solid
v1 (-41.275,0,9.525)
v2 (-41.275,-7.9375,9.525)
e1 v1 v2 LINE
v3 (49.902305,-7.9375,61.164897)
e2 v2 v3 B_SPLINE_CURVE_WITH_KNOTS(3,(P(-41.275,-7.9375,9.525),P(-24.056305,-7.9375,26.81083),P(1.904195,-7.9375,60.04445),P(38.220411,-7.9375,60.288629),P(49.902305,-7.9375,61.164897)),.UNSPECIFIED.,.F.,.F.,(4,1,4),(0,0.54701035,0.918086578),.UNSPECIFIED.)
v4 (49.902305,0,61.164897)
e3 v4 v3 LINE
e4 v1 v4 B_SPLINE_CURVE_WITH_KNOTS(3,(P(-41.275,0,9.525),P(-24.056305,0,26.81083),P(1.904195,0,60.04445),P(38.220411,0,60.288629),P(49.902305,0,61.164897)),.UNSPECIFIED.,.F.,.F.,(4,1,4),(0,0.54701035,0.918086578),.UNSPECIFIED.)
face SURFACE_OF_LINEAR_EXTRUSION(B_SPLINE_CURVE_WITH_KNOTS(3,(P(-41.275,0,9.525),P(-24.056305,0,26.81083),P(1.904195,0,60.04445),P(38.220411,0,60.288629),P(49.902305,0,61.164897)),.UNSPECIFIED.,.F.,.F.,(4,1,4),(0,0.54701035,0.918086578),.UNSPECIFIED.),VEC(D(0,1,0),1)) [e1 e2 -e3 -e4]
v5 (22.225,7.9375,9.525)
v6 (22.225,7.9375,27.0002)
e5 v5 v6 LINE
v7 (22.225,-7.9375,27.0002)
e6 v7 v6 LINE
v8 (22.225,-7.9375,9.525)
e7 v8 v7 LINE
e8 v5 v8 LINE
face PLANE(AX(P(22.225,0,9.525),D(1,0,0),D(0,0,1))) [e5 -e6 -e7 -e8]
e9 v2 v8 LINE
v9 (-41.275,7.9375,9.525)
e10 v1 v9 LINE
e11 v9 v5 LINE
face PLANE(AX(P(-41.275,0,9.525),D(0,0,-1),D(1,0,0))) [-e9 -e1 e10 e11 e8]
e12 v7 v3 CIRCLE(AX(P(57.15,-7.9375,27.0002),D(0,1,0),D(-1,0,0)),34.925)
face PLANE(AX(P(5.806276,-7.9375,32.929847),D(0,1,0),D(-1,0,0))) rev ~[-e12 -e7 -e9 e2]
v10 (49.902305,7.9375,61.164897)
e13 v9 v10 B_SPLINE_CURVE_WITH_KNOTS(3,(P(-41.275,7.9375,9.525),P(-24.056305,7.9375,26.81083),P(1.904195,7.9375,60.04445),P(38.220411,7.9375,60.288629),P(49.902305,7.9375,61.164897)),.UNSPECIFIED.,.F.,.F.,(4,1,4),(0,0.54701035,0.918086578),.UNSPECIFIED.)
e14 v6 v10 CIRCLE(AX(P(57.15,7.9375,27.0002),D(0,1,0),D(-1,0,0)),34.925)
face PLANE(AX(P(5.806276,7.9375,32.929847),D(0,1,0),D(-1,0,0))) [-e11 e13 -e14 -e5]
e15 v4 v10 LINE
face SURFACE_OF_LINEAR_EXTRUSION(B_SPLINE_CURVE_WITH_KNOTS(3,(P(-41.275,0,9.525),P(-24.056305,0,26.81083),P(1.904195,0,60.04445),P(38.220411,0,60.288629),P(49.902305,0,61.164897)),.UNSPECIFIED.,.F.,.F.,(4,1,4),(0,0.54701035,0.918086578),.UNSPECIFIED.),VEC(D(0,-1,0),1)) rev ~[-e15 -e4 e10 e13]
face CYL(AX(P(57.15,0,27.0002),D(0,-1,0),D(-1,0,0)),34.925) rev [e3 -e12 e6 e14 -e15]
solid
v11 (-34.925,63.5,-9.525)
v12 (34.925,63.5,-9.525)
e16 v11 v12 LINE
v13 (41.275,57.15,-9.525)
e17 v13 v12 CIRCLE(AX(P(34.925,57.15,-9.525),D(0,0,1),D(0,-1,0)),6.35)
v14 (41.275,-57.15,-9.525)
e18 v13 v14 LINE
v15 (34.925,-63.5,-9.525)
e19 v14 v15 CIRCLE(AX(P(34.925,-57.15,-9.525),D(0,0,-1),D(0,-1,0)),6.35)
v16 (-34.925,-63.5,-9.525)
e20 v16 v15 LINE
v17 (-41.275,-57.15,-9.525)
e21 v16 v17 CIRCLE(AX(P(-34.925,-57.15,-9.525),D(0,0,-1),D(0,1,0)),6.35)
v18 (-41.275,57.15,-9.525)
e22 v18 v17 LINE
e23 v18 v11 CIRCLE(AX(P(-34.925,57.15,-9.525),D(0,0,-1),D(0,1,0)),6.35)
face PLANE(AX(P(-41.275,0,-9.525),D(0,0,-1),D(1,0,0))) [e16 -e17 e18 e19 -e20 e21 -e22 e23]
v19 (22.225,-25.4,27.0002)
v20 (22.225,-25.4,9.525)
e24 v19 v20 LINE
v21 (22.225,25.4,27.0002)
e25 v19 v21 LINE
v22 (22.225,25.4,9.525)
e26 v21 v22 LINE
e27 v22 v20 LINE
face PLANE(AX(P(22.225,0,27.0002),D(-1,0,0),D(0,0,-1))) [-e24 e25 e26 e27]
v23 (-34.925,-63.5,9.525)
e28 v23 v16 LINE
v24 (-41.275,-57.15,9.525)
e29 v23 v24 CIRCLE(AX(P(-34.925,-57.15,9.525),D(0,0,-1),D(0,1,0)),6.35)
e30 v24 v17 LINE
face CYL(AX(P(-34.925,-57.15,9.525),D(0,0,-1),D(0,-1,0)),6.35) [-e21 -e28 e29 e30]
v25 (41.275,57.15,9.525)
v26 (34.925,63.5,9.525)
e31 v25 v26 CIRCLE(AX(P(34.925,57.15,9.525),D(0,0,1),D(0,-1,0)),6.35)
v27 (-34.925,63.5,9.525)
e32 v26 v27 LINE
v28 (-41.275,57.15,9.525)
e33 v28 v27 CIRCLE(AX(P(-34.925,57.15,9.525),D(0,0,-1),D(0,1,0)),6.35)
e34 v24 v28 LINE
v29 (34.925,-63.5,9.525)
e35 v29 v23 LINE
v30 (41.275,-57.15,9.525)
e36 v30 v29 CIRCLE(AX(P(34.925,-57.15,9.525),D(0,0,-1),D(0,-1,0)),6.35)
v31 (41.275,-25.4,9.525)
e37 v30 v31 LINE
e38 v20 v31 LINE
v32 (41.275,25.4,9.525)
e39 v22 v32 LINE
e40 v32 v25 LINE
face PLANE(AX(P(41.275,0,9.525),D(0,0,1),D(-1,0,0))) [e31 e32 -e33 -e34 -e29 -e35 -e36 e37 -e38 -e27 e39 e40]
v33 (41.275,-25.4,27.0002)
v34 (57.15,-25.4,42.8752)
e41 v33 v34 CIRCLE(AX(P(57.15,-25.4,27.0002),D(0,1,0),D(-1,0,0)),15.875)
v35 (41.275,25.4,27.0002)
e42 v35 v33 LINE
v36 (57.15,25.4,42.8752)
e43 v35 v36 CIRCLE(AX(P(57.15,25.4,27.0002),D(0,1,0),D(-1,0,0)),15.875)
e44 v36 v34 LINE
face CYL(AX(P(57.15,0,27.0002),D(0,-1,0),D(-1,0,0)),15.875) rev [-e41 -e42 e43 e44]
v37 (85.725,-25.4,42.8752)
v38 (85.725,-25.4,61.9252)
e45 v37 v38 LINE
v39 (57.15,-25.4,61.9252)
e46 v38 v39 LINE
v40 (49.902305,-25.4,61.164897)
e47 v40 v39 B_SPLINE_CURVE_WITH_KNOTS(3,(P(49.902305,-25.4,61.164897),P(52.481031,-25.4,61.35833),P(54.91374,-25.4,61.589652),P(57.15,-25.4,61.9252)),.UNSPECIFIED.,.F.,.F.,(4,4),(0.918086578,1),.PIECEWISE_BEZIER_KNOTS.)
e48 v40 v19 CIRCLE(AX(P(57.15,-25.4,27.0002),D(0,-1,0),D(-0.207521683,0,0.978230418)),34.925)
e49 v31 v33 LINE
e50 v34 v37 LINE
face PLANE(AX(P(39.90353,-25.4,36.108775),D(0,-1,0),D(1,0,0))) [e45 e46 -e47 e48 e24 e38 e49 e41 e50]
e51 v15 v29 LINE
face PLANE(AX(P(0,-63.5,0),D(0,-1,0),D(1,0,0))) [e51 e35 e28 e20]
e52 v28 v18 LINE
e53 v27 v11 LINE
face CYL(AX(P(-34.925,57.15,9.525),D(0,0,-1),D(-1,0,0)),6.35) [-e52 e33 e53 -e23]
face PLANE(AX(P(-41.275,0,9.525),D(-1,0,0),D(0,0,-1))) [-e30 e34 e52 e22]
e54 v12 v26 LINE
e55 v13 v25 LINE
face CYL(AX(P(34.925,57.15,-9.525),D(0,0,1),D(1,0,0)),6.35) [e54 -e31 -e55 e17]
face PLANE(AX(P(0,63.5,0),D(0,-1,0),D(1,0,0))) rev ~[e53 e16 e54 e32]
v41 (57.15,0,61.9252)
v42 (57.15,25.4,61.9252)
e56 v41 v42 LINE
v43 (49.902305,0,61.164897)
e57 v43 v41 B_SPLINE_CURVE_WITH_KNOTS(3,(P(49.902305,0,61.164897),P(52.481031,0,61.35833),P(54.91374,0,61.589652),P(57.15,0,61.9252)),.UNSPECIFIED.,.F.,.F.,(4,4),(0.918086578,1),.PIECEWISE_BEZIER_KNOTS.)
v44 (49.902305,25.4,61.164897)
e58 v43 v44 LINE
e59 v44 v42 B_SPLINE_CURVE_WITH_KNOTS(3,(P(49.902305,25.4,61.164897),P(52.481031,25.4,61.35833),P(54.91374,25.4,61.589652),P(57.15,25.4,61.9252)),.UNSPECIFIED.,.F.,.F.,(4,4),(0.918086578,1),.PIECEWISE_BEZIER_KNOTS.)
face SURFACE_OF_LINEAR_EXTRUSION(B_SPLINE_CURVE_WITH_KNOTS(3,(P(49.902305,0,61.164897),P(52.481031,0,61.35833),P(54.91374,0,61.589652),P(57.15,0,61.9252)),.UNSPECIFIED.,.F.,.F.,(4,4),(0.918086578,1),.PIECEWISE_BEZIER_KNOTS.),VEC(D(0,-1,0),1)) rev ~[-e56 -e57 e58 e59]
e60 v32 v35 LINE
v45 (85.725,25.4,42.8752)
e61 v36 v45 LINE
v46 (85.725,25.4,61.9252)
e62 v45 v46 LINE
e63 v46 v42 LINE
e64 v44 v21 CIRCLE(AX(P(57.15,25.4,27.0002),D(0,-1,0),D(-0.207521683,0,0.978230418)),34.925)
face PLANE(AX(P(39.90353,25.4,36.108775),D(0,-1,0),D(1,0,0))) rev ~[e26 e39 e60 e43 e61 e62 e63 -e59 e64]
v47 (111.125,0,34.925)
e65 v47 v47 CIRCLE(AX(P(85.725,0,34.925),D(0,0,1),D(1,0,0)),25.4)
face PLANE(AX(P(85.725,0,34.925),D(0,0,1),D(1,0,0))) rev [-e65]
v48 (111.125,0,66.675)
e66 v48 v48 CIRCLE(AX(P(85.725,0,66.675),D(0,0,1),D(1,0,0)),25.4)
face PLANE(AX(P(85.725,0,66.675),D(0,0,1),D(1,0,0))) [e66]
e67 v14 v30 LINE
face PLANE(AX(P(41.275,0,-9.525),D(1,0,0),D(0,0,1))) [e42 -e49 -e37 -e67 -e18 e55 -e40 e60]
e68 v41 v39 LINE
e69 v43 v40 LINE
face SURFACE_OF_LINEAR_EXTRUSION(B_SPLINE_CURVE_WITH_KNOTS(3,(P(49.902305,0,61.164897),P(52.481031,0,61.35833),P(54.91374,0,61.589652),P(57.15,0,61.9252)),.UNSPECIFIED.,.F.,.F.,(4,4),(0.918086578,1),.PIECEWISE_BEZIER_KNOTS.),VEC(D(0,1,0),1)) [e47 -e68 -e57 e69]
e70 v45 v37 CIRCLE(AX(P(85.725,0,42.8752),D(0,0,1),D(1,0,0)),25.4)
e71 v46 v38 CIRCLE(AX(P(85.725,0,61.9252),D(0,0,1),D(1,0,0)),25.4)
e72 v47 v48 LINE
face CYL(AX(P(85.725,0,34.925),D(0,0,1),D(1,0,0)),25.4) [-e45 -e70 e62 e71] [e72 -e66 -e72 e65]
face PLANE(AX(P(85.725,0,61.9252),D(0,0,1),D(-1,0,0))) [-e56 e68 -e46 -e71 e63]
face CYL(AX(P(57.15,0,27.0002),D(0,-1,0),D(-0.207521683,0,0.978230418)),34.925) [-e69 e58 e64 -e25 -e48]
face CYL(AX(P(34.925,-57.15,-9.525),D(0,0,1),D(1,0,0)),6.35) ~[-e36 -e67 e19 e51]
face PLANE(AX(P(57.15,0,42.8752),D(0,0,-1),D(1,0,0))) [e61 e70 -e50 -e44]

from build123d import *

# Parameters (mm, degrees)
F1_DEPTH = 63.5
F0_W     = 25.4
F0_H     = 19.05
F2_DEPTH = 25.4
F3_DEPTH = 7.9375
F5_R     = 6.35


with BuildPart() as f1:
    # F0 (on Front) → F1 (new body, symmetric)
    with BuildSketch(Plane.XZ):
        Polygon((22.225, 9.525), (-41.275, 9.525), (-41.275, -9.525), (41.275, -9.525), (41.275, 9.525), align=None)
    extrude(amount=F1_DEPTH, both=True)

    # F0 (on Front) → F2 (join, symmetric)
    with BuildSketch(Plane.XZ):
        with BuildLine():
            Line((22.225, 27.0002), (22.225, 9.525))
            Line((22.225, 9.525), (41.275, 9.525))
            Line((41.275, 9.525), (41.275, 27.0002))
            ThreePointArc((41.275, 27.0002), (45.9246798487, 38.2255201513), (57.15, 42.8752))
            Line((57.15, 42.8752), (60.325, 42.8752))
            Line((60.325, 42.8752), (60.325, 61.9252))
            Line((60.325, 61.9252), (57.15, 61.9252))
            add(Edge.make_bspline(
                [(49.9023052217, 61.1648973556), (52.4810313579, 61.358329757), (54.9137397508, 61.5896523225), (57.15, 61.9252)],
                knots=[0.9180865777, 0.9180865777, 0.9180865777, 0.9180865777, 1, 1, 1, 1], degree=3))
            ThreePointArc((49.9023052217, 61.1648973556), (30.0125593954, 48.9846249967), (22.225, 27.0002))
        make_face()
        with Locations((73.025, 52.4002)):
            Rectangle(F0_W, F0_H)
    extrude(amount=F2_DEPTH, both=True)

    # F0 (on Front) → F4 (revolve)
    with BuildSketch(Plane.XZ):
        Polygon((85.725, 66.675), (85.725, 61.9252), (85.725, 42.8752), (85.725, 34.925), (111.125, 34.925), (111.125, 66.675), align=None)
    revolve(axis=Axis((85.725, 0, 50.8), (0, 0, 1)))

    # F5
    f5_edges = [f1.edges().sort_by_distance(p)[0] for p in [
        (-41.275, -63.5, 0),
        (41.275, -63.5, 0),
        (41.275, 63.5, 0),
        (-41.275, 63.5, 0),
    ]]
    fillet(f5_edges, radius=F5_R)


with BuildPart() as f3:
    # F0 (on Front) → F3 (new body, symmetric)
    with BuildSketch(Plane.XZ):
        with BuildLine():
            add(Edge.make_bspline(
                [(-41.275, 9.525), (-24.0563050105, 26.8108303996), (1.9041946675, 60.0444502626), (38.2204106126, 60.2886286836), (49.9023052217, 61.1648973556)],
                knots=[0, 0, 0, 0, 0.54701035, 0.9180865777, 0.9180865777, 0.9180865777, 0.9180865777], degree=3))
            Line((-41.275, 9.525), (22.225, 9.525))
            Line((22.225, 9.525), (22.225, 27.0002))
            ThreePointArc((22.225, 27.0002), (30.0125593954, 48.9846249967), (49.9023052217, 61.1648973556))
        make_face()
    extrude(amount=F3_DEPTH, both=True)


solid = Compound([f1.part, f3.part])
